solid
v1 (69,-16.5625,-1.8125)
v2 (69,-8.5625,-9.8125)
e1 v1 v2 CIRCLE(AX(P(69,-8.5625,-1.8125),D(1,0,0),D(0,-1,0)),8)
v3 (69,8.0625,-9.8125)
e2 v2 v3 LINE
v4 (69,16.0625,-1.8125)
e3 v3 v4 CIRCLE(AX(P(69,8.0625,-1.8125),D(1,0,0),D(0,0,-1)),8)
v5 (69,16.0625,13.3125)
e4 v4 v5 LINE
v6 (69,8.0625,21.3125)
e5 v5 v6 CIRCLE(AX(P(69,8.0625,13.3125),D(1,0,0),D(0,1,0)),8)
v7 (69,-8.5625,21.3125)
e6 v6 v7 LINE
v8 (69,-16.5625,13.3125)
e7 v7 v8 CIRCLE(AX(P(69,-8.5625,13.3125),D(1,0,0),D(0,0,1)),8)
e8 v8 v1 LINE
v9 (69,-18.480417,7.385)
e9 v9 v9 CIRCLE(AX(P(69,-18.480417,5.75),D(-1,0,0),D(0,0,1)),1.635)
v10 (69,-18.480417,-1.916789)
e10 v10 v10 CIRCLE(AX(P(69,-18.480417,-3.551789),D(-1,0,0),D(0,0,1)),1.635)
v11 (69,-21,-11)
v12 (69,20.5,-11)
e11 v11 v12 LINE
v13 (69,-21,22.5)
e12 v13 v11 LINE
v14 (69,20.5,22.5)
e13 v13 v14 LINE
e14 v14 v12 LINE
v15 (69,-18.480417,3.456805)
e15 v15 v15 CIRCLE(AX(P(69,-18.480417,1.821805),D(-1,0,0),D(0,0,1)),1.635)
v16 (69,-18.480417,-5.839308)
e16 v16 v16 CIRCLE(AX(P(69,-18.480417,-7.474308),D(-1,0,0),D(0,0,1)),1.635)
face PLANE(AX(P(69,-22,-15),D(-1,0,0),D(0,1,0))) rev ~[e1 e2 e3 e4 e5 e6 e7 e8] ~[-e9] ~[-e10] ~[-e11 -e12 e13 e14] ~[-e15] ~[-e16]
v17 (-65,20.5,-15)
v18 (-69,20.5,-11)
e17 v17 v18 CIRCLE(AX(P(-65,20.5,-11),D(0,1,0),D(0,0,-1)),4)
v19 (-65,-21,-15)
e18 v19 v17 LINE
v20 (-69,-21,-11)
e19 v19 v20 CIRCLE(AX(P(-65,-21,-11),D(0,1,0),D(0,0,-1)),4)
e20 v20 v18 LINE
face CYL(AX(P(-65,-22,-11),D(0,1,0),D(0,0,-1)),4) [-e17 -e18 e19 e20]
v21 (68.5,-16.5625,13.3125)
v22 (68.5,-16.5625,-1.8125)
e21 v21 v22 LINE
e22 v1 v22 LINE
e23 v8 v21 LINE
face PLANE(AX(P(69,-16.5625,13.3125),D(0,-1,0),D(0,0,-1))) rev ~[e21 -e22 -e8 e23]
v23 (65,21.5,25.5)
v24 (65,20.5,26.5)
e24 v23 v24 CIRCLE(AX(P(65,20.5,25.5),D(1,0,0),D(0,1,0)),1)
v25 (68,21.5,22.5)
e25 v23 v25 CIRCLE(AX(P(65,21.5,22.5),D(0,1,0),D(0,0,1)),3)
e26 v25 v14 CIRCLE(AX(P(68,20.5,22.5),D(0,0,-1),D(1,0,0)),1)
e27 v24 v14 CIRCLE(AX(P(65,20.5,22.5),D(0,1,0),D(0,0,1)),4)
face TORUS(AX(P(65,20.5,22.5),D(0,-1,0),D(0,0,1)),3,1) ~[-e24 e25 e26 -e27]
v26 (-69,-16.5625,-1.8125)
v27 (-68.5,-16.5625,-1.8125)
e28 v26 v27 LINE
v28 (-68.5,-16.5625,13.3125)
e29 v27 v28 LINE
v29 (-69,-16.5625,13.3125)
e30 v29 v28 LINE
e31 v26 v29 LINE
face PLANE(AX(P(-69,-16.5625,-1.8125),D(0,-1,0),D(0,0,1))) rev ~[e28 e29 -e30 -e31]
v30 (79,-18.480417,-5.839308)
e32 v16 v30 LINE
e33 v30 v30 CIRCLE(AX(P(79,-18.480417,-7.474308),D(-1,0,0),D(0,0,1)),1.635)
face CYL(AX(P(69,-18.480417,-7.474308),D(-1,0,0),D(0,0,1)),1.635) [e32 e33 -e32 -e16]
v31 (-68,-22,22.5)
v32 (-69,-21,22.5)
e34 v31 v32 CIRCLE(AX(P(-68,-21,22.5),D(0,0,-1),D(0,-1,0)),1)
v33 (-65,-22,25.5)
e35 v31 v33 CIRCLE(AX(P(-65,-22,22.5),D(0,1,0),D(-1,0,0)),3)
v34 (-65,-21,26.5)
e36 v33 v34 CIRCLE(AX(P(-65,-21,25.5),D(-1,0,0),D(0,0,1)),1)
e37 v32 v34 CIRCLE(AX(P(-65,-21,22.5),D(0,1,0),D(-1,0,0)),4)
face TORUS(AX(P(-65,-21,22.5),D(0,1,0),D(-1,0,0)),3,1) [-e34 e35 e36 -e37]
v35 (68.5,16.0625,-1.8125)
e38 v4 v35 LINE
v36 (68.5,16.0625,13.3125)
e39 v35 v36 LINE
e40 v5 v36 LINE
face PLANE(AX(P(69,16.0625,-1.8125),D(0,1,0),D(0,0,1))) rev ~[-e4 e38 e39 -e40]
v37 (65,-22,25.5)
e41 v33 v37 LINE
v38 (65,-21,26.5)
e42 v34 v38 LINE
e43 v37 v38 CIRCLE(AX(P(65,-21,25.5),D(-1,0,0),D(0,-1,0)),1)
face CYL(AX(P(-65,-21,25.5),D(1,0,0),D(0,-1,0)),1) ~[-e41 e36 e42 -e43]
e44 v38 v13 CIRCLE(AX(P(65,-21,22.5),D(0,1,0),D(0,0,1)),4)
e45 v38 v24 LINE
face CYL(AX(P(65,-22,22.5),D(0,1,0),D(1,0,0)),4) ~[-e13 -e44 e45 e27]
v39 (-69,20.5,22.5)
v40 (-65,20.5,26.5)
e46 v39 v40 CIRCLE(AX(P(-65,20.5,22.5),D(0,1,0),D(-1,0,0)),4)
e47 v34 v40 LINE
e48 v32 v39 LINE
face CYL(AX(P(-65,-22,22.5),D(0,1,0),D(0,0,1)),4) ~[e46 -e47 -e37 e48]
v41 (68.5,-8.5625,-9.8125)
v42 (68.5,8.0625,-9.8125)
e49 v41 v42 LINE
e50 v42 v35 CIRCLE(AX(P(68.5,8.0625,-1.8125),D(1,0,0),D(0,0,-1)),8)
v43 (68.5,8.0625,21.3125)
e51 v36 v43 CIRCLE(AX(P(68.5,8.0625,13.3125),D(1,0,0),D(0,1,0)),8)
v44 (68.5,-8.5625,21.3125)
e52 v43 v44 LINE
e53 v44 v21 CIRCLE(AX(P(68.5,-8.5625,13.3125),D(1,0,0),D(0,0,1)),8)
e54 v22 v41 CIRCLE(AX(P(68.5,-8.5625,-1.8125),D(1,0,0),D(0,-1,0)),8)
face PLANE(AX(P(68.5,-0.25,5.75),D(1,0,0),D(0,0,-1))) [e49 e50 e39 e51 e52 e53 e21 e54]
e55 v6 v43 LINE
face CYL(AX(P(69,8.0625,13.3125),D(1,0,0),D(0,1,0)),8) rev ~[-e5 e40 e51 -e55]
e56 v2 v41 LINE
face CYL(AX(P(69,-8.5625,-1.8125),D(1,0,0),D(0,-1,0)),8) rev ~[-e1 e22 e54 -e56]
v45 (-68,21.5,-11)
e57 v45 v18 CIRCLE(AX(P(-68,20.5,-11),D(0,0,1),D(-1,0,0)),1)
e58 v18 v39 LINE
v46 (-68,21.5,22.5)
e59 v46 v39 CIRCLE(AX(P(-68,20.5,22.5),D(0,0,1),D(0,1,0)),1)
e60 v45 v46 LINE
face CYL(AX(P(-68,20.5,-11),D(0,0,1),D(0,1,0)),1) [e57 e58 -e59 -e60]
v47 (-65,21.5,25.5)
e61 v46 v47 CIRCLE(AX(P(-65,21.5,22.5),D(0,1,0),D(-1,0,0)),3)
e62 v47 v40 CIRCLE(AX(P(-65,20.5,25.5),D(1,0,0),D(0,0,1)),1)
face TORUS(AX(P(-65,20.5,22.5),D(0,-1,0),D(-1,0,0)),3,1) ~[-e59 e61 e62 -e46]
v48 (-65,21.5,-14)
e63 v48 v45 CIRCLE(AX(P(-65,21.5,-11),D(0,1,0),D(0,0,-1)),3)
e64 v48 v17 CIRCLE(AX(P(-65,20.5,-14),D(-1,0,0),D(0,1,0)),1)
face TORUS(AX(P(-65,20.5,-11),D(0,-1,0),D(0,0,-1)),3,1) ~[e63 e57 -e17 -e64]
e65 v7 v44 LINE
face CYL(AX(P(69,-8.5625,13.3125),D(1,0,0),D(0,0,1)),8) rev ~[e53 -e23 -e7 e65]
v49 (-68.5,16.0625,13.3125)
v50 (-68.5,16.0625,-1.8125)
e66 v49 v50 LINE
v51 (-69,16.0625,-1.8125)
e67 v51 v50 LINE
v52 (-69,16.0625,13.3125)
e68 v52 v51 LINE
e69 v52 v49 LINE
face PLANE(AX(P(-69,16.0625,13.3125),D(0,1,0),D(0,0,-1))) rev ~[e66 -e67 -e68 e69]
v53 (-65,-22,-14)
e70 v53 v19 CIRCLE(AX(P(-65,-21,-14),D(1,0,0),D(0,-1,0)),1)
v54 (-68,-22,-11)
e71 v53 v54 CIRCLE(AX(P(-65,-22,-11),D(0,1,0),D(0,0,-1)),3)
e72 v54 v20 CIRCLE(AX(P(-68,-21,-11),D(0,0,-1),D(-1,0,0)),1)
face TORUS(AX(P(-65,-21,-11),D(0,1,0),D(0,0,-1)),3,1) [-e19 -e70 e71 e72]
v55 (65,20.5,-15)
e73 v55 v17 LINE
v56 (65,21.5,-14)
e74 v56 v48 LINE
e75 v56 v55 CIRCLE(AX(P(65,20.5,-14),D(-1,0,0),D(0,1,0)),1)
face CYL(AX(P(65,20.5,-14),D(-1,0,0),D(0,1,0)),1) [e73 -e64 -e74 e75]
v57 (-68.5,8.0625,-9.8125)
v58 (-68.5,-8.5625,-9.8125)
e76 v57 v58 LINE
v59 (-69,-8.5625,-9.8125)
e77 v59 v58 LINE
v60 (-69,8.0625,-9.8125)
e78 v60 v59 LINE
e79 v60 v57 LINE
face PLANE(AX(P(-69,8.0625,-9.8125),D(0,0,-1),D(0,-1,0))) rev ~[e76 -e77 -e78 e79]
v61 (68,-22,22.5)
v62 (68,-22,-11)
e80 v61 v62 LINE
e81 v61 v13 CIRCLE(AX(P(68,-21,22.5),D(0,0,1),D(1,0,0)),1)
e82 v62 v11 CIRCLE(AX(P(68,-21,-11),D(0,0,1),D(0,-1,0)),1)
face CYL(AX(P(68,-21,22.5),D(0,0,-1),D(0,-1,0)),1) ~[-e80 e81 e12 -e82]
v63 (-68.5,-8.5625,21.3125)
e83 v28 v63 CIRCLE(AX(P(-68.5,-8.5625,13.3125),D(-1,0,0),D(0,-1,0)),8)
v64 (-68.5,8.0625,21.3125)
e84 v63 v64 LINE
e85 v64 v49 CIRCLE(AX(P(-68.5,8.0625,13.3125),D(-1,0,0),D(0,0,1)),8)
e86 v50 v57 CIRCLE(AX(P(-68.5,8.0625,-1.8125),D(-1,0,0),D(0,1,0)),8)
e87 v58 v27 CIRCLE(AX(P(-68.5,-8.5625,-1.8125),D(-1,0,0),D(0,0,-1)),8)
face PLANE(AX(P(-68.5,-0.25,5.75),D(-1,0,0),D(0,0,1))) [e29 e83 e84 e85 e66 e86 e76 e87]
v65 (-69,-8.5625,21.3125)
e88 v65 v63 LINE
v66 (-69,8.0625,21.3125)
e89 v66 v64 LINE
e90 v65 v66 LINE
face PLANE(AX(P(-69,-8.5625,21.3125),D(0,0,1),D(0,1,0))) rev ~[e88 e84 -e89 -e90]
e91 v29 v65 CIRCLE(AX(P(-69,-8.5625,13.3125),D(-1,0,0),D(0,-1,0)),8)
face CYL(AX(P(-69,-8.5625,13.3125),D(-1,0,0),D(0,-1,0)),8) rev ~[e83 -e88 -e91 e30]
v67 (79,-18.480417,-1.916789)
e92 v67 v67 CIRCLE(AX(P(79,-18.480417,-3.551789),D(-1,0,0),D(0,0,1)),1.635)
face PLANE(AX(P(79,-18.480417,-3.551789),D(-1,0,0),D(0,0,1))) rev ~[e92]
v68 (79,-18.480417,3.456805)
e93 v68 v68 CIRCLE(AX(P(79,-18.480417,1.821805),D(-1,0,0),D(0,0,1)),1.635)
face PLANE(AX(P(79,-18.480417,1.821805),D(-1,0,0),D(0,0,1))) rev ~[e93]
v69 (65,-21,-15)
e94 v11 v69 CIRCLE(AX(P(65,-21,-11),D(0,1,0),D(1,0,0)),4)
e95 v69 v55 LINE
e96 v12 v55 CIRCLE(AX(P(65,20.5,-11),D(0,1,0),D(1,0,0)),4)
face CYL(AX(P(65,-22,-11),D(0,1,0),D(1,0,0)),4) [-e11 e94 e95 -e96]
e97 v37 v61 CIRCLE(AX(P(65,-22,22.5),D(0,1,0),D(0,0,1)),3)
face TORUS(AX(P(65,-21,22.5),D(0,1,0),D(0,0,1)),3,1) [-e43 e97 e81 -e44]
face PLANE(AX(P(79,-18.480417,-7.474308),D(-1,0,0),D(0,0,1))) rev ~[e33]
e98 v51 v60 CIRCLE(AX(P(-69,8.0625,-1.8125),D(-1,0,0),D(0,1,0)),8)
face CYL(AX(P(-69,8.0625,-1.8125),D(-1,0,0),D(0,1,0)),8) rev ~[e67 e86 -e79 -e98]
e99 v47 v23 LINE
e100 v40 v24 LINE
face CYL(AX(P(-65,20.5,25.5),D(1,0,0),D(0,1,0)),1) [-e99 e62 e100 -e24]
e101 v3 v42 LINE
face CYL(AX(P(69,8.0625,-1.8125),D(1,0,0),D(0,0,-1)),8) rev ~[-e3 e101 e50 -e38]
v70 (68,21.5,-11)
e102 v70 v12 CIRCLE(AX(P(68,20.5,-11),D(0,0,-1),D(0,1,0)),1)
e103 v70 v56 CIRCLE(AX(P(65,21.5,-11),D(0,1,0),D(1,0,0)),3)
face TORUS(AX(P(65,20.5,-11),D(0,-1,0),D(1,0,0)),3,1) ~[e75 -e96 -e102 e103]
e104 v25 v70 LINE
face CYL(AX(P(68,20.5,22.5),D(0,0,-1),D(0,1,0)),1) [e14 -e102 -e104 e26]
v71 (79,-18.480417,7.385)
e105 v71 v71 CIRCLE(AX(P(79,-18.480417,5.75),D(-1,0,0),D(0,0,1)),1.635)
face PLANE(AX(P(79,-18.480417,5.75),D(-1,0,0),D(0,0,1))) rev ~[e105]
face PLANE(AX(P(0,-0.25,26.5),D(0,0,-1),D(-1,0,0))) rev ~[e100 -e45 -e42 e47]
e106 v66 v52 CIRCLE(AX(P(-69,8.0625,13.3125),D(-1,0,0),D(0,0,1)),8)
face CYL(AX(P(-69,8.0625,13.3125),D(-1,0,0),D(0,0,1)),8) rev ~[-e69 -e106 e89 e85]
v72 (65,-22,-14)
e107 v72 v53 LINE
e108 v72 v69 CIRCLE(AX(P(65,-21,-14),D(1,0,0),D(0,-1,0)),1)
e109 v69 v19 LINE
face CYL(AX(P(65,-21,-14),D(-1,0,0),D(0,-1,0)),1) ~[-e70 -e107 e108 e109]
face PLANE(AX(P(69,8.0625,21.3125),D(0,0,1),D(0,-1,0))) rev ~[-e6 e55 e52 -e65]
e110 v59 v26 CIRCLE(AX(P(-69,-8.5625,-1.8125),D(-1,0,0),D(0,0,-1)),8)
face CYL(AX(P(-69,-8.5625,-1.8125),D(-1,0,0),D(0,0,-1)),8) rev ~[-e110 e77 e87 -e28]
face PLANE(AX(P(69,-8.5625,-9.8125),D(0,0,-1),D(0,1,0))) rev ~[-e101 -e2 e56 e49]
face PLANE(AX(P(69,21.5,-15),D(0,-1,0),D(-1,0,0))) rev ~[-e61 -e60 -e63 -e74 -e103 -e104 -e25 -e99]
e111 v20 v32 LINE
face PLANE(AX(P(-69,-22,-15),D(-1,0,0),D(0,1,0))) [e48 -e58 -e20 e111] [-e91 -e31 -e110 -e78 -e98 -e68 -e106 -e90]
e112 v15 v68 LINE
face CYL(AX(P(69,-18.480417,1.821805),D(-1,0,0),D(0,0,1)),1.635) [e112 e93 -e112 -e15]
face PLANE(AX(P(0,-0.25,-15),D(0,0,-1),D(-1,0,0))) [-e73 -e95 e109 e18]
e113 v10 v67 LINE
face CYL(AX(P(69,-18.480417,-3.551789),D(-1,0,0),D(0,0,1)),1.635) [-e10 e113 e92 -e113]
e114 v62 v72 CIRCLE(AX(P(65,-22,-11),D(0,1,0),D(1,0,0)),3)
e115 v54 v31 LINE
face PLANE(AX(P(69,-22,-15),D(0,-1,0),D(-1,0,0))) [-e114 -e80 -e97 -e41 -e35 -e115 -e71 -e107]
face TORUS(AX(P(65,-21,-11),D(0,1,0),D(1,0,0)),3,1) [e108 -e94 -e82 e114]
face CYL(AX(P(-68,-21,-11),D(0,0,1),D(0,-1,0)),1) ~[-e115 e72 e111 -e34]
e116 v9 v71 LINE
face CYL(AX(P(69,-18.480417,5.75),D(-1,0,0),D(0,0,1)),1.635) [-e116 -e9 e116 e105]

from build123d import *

# Parameters (mm, degrees)
SKETCH1_W           = 138
SKETCH1_H           = 43.5
BOSS_EXTRUDE1_DEPTH = 41.5
CUT_EXTRUDE1_DEPTH  = 0.5
CUT_EXTRUDE2_DEPTH  = 0.5
FILLET1_R           = 4
FILLET2_R           = 1
SKETCH5_R           = 1.635
BOSS_EXTRUDE2_DEPTH = 10


with BuildPart() as part:
    # Sketch1 → Boss-Extrude1 (new body)
    with BuildSketch(Plane(origin=(0, 0, -15), x_dir=(-1, 0, 0), z_dir=(0, 0, -1))):
        with Locations((0, -0.25)):
            Rectangle(SKETCH1_W, SKETCH1_H)
    extrude(amount=-BOSS_EXTRUDE1_DEPTH)

    # Sketch2 → Cut-Extrude1 (cut)
    with BuildSketch(Plane(origin=(69, 0, 0), x_dir=(0, 0, -1), z_dir=(1, 0, 0))):
        with BuildLine():
            Line((-21.3125, 8.0625), (-21.3125, -8.5625))
            ThreePointArc((-21.3125, -8.5625), (-18.969354249, -14.219354249), (-13.3125, -16.5625))
            Line((-13.3125, -16.5625), (1.8125, -16.5625))
            ThreePointArc((1.8125, -16.5625), (7.469354249, -14.219354249), (9.8125, -8.5625))
            Line((9.8125, -8.5625), (9.8125, 8.0625))
            ThreePointArc((9.8125, 8.0625), (7.469354249, 13.719354249), (1.8125, 16.0625))
            Line((1.8125, 16.0625), (-13.3125, 16.0625))
            ThreePointArc((-13.3125, 16.0625), (-18.969354249, 13.719354249), (-21.3125, 8.0625))
        make_face()
    extrude(amount=-CUT_EXTRUDE1_DEPTH, mode=Mode.SUBTRACT)

    # Sketch3 → Cut-Extrude2 (cut)
    with BuildSketch(Plane.ZY.offset(69)):
        with BuildLine():
            Line((13.3125, 16.0625), (-1.8125, 16.0625))
            ThreePointArc((-1.8125, 16.0625), (-7.469354249, 13.719354249), (-9.8125, 8.0625))
            Line((-9.8125, 8.0625), (-9.8125, -8.5625))
            ThreePointArc((-9.8125, -8.5625), (-7.469354249, -14.219354249), (-1.8125, -16.5625))
            Line((-1.8125, -16.5625), (13.3125, -16.5625))
            ThreePointArc((13.3125, -16.5625), (18.969354249, -14.219354249), (21.3125, -8.5625))
            Line((21.3125, -8.5625), (21.3125, 8.0625))
            ThreePointArc((21.3125, 8.0625), (18.969354249, 13.719354249), (13.3125, 16.0625))
        make_face()
    extrude(amount=-CUT_EXTRUDE2_DEPTH, mode=Mode.SUBTRACT)

    # Fillet1
    fillet1_edges = [part.edges().sort_by_distance(p)[0] for p in [
        (-69, -0.25, 26.5),
        (69, -0.25, 26.5),
        (-69, -0.25, -15),
        (69, -0.25, -15),
    ]]
    fillet(fillet1_edges, radius=FILLET1_R)

    # Fillet2
    fillet2_edges = [part.edges().sort_by_distance(p)[0] for p in [
        (0, -22, -15),
        (0, 21.5, -15),
        (-69, 21.5, 5.75),
        (0, 21.5, 26.5),
        (69, 21.5, 5.75),
        (67.828427125, 21.5, 25.328427125),
        (67.828427125, 21.5, -13.828427125),
        (-67.828427125, 21.5, 25.328427125),
        (-67.828427125, 21.5, -13.828427125),
        (-69, -22, 5.75),
        (69, -22, 5.75),
        (0, -22, 26.5),
        (67.828427125, -22, 25.328427125),
        (67.828427125, -22, -13.828427125),
        (-67.828427125, -22, 25.328427125),
        (-67.828427125, -22, -13.828427125),
    ]]
    fillet(fillet2_edges, radius=FILLET2_R)

    # Sketch5 → Boss-Extrude2 (add)
    with BuildSketch(Plane.ZY.offset(-69)):
        with Locations((-7.474307757, -18.480417137)):
            Circle(SKETCH5_R)
        with Locations((-3.551789479, -18.480417137)):
            Circle(SKETCH5_R)
        with Locations((1.821805343, -18.480417137)):
            Circle(SKETCH5_R)
        with Locations((5.75, -18.480417137)):
            Circle(SKETCH5_R)
    extrude(amount=-BOSS_EXTRUDE2_DEPTH)


solid = part.part
